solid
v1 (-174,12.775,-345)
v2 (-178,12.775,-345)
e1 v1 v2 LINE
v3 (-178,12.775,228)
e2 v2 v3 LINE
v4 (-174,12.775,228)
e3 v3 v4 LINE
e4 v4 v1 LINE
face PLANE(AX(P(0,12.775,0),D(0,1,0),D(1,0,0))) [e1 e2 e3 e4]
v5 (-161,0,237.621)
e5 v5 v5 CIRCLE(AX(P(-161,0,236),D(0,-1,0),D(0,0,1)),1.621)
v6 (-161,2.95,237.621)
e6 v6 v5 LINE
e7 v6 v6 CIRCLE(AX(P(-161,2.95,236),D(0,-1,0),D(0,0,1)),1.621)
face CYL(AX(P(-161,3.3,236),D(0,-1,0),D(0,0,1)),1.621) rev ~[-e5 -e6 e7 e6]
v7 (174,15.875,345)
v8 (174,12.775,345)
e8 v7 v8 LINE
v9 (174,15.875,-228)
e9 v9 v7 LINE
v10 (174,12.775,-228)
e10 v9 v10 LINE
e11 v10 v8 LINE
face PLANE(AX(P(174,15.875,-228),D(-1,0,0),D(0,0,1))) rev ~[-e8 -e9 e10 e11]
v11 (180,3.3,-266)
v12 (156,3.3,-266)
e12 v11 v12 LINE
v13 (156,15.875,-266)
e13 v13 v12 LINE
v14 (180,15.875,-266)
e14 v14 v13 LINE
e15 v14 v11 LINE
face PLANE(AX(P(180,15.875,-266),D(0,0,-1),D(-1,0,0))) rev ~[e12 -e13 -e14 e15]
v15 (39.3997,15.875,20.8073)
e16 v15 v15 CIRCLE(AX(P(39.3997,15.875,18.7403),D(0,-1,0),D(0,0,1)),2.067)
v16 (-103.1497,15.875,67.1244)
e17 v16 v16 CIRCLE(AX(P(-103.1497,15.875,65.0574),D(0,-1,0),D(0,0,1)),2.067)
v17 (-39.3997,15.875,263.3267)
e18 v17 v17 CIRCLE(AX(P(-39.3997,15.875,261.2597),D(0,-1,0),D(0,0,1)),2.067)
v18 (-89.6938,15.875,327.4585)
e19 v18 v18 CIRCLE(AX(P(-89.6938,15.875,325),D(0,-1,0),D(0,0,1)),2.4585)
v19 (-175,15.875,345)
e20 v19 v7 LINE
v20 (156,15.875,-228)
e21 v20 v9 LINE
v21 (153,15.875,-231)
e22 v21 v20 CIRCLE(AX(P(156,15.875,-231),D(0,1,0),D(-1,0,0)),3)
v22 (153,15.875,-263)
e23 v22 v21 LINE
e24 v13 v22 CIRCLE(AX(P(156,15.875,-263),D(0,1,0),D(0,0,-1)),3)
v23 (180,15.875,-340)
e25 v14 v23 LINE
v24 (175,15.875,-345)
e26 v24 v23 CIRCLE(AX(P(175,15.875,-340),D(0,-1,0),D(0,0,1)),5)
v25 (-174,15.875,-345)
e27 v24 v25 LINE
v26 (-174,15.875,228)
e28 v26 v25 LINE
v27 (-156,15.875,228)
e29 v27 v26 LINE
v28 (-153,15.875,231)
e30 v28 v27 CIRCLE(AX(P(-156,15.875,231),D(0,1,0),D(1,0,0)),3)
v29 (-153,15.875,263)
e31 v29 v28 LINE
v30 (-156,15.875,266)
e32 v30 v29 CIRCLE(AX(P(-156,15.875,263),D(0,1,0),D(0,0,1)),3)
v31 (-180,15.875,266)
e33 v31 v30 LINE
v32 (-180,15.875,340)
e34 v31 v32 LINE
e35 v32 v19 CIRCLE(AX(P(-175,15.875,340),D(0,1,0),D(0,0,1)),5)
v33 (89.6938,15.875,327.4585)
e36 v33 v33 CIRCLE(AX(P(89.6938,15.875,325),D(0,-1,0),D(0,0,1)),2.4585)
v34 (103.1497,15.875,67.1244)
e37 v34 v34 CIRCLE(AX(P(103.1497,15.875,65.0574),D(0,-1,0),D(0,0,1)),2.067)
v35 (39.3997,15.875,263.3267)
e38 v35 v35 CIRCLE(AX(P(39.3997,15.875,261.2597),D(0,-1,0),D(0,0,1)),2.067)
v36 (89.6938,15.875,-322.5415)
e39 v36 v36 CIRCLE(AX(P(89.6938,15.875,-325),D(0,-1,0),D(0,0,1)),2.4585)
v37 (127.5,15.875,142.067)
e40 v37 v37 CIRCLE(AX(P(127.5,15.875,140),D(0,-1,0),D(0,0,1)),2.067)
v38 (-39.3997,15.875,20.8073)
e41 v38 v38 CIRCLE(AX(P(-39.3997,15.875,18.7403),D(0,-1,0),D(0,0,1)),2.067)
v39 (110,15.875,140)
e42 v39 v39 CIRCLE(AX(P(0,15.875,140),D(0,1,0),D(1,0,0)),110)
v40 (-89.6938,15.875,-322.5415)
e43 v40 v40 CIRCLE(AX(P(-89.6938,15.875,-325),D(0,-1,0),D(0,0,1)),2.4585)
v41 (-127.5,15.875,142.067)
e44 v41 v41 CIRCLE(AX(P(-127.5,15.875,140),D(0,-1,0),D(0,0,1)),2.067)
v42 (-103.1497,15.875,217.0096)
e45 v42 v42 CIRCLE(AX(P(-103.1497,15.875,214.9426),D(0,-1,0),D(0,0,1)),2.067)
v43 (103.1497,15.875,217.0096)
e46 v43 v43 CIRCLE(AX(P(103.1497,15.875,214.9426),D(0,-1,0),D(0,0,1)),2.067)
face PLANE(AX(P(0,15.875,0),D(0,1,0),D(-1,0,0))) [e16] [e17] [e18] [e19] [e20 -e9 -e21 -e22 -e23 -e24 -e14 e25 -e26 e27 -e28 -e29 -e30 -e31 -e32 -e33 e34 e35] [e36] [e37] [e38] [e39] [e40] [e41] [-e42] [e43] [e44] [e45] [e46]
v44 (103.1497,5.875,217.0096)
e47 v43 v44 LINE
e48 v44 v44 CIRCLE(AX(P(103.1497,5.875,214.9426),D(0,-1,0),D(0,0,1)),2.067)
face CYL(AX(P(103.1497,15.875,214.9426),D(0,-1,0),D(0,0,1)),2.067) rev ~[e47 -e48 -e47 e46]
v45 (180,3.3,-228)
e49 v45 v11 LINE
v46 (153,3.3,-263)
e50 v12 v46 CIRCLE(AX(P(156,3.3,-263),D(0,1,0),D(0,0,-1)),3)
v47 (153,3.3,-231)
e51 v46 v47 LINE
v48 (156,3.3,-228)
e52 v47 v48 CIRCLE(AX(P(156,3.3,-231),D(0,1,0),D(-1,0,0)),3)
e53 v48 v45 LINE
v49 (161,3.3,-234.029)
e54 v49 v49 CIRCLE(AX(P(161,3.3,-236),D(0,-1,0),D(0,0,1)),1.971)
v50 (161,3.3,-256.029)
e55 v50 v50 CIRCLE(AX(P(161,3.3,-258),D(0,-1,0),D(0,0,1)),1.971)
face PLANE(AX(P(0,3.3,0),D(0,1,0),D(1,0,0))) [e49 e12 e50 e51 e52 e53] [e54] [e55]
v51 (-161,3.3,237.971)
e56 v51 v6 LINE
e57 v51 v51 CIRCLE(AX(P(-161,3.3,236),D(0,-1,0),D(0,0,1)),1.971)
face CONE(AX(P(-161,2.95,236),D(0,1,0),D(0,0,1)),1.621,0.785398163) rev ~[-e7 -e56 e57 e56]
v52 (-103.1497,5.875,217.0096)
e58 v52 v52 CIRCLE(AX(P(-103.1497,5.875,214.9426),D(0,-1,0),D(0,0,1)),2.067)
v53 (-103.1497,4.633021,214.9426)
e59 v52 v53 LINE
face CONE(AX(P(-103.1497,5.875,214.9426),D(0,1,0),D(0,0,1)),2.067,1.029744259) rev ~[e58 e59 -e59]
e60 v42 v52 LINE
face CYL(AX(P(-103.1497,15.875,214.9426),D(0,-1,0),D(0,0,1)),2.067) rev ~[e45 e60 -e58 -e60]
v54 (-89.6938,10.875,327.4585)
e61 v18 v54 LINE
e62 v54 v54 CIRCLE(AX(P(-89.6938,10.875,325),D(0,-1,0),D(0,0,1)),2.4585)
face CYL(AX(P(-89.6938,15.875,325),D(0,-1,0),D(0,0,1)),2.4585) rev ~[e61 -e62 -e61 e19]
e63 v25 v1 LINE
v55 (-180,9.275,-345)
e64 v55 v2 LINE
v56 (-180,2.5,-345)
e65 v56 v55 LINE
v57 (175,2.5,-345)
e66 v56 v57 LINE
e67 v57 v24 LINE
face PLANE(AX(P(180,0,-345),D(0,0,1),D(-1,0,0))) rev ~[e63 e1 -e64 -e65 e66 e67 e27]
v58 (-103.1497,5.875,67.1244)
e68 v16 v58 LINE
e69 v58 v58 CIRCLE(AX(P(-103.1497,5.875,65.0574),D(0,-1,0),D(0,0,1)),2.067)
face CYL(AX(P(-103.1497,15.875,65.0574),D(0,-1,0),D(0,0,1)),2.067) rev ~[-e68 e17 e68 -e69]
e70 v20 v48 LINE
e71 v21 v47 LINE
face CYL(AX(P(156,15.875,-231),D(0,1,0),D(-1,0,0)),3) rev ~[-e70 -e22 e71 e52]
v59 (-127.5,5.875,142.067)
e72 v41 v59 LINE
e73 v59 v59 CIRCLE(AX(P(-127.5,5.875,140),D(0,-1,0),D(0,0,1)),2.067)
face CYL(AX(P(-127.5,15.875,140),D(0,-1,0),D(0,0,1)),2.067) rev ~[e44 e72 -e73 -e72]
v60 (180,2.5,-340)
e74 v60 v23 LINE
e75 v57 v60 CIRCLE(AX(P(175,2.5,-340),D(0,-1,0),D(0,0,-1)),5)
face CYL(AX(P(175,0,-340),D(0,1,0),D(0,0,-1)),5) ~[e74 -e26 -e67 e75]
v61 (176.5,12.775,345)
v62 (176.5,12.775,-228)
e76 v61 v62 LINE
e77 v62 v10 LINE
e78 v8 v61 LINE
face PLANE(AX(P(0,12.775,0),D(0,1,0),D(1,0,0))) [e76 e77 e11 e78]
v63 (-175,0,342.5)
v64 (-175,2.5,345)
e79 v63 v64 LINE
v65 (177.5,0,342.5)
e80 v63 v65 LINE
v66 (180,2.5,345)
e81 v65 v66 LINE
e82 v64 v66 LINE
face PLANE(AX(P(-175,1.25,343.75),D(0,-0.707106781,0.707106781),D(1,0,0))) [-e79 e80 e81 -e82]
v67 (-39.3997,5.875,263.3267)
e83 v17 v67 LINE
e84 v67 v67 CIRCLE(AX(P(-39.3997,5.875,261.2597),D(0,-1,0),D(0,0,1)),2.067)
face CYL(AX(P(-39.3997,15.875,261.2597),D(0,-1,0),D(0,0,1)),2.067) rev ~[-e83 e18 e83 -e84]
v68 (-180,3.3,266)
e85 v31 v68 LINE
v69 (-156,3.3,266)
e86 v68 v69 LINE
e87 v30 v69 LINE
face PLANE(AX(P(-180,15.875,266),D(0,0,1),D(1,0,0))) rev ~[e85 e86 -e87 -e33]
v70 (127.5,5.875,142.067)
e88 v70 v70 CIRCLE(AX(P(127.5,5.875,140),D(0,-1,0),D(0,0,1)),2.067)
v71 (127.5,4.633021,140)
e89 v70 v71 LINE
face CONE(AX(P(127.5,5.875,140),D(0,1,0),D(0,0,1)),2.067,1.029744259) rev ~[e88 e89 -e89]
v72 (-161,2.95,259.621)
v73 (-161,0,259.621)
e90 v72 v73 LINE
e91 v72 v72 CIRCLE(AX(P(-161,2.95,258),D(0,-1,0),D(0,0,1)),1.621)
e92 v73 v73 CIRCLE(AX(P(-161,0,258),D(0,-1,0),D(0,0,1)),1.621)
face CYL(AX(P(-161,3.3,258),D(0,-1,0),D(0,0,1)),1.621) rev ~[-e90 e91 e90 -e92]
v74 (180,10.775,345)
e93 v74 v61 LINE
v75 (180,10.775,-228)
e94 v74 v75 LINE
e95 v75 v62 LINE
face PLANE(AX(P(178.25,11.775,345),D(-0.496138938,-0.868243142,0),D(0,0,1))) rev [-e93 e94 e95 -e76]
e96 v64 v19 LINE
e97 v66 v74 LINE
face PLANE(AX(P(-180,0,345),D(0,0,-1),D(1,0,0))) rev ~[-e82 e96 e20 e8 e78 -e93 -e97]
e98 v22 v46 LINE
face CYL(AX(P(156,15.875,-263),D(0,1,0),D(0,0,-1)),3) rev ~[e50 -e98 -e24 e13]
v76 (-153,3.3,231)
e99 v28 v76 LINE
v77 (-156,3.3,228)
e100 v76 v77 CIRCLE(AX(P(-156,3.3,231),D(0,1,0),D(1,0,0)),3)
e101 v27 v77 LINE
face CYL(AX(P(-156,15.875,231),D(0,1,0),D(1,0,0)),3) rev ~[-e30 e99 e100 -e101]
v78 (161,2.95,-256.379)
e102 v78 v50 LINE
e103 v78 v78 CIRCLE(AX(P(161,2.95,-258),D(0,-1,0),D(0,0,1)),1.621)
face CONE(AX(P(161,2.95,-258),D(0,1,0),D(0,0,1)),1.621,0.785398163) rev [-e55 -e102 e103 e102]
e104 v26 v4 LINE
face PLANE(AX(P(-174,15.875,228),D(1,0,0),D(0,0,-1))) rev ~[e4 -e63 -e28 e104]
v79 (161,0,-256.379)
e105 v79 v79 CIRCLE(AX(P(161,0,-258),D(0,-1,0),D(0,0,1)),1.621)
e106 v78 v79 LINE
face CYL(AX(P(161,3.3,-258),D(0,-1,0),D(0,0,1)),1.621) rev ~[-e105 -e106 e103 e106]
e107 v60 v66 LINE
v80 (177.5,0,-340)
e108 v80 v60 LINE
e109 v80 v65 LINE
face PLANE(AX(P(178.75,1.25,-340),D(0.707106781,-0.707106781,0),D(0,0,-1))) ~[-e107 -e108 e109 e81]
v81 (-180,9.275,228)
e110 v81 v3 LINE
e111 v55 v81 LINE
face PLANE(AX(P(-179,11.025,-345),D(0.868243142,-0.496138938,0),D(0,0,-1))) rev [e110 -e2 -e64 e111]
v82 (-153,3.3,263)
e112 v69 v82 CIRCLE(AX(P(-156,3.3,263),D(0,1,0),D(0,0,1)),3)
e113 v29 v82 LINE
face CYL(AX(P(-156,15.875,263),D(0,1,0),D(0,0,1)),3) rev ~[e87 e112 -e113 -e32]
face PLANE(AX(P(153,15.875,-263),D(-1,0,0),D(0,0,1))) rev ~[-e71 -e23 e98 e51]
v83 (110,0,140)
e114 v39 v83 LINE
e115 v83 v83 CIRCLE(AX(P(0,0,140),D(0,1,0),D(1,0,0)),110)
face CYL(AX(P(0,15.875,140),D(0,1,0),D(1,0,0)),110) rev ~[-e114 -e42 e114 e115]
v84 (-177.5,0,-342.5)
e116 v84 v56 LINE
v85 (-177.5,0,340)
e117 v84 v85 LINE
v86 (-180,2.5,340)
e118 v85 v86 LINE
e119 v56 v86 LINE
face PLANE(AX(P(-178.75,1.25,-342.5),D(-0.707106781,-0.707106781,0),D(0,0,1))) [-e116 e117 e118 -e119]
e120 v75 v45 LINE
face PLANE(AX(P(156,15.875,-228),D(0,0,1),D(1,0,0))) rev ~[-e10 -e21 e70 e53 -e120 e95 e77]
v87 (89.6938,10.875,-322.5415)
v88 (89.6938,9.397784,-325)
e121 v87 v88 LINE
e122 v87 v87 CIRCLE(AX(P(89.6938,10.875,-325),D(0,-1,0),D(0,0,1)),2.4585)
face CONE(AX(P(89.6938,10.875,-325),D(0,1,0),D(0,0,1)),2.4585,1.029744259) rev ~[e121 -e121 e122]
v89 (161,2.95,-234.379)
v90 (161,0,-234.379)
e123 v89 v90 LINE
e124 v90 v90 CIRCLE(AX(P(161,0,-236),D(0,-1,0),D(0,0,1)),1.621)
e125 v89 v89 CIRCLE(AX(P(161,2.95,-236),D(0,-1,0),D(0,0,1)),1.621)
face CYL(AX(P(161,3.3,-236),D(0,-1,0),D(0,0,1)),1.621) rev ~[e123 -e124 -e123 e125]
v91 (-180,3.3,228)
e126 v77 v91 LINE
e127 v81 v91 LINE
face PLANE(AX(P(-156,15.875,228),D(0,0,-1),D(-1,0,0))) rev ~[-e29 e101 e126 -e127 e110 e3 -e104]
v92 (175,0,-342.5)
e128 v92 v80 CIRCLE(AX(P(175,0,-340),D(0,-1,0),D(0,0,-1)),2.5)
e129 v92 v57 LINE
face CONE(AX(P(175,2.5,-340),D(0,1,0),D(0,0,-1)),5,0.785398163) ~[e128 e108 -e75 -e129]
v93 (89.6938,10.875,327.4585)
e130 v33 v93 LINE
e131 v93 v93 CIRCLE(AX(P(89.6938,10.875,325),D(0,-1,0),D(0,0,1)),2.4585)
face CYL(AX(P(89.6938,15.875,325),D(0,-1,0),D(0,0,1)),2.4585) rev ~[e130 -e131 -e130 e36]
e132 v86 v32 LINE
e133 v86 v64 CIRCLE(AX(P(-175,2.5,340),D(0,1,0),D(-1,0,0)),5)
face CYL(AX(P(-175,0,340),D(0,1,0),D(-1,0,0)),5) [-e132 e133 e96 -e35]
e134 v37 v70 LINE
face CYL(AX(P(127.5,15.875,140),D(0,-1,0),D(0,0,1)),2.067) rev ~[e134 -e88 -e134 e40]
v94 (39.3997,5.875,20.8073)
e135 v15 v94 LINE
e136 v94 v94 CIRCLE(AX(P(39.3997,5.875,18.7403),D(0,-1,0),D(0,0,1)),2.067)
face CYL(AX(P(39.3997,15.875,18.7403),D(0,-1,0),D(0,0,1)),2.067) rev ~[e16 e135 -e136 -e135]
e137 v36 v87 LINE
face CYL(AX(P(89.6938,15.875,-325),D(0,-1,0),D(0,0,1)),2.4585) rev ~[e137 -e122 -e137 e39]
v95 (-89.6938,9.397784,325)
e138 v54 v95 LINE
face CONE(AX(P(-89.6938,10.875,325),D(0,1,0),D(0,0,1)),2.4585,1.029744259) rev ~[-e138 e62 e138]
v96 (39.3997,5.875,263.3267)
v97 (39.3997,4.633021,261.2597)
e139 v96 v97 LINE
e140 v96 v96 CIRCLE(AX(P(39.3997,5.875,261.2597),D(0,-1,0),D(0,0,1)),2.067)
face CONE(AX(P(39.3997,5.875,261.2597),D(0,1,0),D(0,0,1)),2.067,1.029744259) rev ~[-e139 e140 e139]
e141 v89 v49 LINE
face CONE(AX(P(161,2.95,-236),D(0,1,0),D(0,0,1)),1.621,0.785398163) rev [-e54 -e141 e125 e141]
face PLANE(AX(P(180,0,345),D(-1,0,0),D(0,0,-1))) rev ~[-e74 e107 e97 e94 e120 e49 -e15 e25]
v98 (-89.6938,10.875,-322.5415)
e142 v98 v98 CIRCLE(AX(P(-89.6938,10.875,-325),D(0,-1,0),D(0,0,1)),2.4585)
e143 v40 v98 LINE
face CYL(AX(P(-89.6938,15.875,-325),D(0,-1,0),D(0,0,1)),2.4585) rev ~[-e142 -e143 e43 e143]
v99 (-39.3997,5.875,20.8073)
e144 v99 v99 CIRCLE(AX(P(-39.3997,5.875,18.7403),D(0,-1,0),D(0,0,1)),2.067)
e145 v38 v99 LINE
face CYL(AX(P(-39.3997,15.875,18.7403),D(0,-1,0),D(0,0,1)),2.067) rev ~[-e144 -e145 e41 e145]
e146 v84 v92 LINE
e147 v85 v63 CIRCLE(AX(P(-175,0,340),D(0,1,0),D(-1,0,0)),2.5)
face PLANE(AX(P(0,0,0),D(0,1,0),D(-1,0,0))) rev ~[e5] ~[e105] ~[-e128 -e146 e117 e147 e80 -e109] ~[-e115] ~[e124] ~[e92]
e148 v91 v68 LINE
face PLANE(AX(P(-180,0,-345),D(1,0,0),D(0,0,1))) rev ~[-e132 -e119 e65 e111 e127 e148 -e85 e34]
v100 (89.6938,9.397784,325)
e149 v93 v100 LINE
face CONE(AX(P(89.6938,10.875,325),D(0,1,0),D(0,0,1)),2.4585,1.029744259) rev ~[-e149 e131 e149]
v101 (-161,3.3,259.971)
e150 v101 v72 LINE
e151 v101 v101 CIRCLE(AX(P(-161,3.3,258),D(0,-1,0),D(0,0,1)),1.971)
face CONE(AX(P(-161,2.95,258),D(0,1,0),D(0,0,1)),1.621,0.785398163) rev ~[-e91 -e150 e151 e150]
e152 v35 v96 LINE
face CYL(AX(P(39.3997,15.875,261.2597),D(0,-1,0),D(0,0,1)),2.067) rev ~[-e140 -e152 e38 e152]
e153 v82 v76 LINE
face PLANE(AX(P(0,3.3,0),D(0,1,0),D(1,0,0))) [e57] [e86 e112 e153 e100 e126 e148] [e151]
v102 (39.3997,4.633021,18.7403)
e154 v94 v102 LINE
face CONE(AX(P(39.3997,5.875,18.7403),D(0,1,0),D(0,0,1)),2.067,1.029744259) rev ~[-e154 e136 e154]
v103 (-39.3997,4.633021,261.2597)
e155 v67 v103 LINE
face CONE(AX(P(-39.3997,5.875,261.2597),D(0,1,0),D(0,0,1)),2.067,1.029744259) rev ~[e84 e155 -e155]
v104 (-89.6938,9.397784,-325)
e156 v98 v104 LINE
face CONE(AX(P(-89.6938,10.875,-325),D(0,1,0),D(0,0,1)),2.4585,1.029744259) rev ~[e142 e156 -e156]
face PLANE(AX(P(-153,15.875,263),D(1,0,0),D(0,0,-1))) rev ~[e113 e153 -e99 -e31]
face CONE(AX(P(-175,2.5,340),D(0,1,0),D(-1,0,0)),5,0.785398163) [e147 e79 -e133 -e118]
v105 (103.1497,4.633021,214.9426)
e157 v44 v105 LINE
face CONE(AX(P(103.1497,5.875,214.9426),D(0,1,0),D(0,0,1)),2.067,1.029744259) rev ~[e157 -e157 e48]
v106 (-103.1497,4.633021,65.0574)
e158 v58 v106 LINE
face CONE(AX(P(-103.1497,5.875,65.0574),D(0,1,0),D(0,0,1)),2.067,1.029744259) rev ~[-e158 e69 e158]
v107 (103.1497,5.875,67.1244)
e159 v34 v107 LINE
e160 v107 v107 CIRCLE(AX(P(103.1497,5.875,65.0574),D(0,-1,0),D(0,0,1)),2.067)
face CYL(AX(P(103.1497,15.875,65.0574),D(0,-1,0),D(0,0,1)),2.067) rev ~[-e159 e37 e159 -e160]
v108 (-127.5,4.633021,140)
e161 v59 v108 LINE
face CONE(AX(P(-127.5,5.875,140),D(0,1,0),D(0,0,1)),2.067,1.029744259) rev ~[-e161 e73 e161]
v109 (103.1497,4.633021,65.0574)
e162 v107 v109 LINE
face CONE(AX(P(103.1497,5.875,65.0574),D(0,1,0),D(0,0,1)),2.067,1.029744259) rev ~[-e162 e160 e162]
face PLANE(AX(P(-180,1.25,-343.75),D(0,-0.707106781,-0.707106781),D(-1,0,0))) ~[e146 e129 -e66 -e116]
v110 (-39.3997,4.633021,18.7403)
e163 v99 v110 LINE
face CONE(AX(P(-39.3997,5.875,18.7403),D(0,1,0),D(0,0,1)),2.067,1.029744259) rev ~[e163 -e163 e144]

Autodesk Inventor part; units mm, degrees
ref_plane "YZ Plane" through (0, 0, 0) normal (1, 0, 0) x (0, 1, 0)
sketch "Sketch1" plane through (0, 0, 0) normal (0, 1, 0) x (-1, 0, 0)
  line L0 (180, 345) -> (-180, 345)
  line L1 (-180, 345) -> (-180, -345)
  line L2 (-180, -345) -> (180, -345)
  line L3 (180, -345) -> (180, 345)
  line L4 (180, 345) -> (-180, -345) construction
  line L5 (-180, 345) -> (180, -345) construction
  point P0 (0, 0)
  dimension "d0" = 360
  dimension "d1" = 690
extrude "Extrusion1" add sketch "Sketch1" along normal blind 15.875
sketch "Sketch2" plane through (0, 15.875, 0) normal (0, 1, 0) x (1, 0, 0)
  circle A0 centre (0, -140) radius 110
  line L0 (-180, -345) -> (180, -345) projected
  circle A1 centre (0, -140) radius 135
  point P0 (0, 0)
  dimension "d4" = 205
  dimension "d5" = 220
  dimension "d8" = 270
extrude "Extrusion2" cut sketch "Sketch2" against normal through all contours A0
ref_plane "Work Plane1" through (0, 0, 150) normal (0, 0, 1) x (1, 0, 0)
sketch "Sketch6" plane through (0, 15.875, 0) normal (0, 1, 0) x (1, 0, 0)
  line L0 (89.6938, -325) -> (-89.6938, -325)
  line L1 (-89.6938, -325) -> (-89.6938, 325)
  line L2 (-89.6938, 325) -> (89.6938, 325)
  line L3 (89.6938, 325) -> (89.6938, -325)
  line L4 (89.6938, -325) -> (-89.6938, 325) construction
  line L5 (-89.6938, -325) -> (89.6938, 325) construction
  point P0 (0, 0)
  dimension "d55" = 179.3875
  dimension "d56" = 650
hole "Hole3" at (89.6938, 15.875, 325) at (-89.6938, 15.875, 325) at (-89.6938, 15.875, -325) at (89.6938, 15.875, -325) direction (0, -1, 0) diameter 4.917 depth 5 tip angle 118 thread size "M6x1" class "6H" standard "ANSI Metric M Profile"
sketch "Sketch7" plane through (0, 15.875, 0) normal (0, 1, 0) x (1, 0, 0)
  circle A0 centre (0, -140) radius 110 projected
  circle A1 centre (0, -140) radius 131.5
  circle A2 centre (0, -140) radius 135
  point P0 (0, 0)
  dimension "d64" = 263
  dimension "d65" = 270
ref_plane "Work Plane2" through (0, 15.875, 140) normal (0, 1, 0) x (1, 0, 0)
sketch "Sketch8" plane through (0, 15.875, 140) normal (0, 1, 0) x (1, 0, 0)
  circle A0 centre (0, 0) radius 131.5 projected
  circle A1 centre (0, 0) radius 127.5
  circle A2 centre (127.5, 0) radius 2
  circle A3 centre (103.1497, 74.9426) radius 2
  circle A4 centre (39.3997, 121.2597) radius 2
  circle A5 centre (-39.3997, 121.2597) radius 2
  circle A6 centre (-103.1497, 74.9426) radius 2
  circle A7 centre (-127.5, 0) radius 2
  circle A8 centre (-103.1497, -74.9426) radius 2
  circle A9 centre (-39.3997, -121.2597) radius 2
  circle A10 centre (39.3997, -121.2597) radius 2
  circle A11 centre (103.1497, -74.9426) radius 2
  point P0 (0, 140)
  dimension "d68" = 255
  dimension "d69" = 4
  dimension "d72" = 360
hole "Hole4" at (127.5, 15.875, 140) at (103.1497, 15.875, 214.9426) at (39.3997, 15.875, 261.2597) at (-39.3997, 15.875, 261.2597) at (-103.1497, 15.875, 214.9426) at (-127.5, 15.875, 140) at (-103.1497, 15.875, 65.0574) at (-39.3997, 15.875, 18.7403) at (39.3997, 15.875, 18.7403) at (103.1497, 15.875, 65.0574) direction (0, -1, 0) diameter 4.134 depth 10 tip angle 118 thread size "M5x0.8" class "6H" standard "ANSI Metric M Profile"
sketch "Sketch9" plane through (0, 15.875, 0) normal (0, 1, 0) x (1, 0, 0)
  line L0 (180, -345) -> (180, 345) projected
  line L1 (180, 266) -> (156, 266)
  line L2 (153, 263) -> (153, 231)
  line L3 (156, 228) -> (180, 228)
  line L4 (180, 228) -> (180, 266)
  line L5 (-180, 345) -> (-180, -345) projected
  line L6 (-180, -266) -> (-156, -266)
  line L7 (-153, -263) -> (-153, -231)
  line L8 (-156, -228) -> (-180, -228)
  line L9 (-180, -228) -> (-180, -266)
  line L10 (180, 345) -> (-180, 345) projected
  line L11 (-180, -345) -> (180, -345) projected
  arc A0 (153, 231) -> (156, 228) centre (156, 231) ccw
  arc A1 (156, 266) -> (153, 263) centre (156, 263) ccw
  arc A2 (-156, -266) -> (-153, -263) centre (-156, -263) ccw
  arc A3 (-153, -231) -> (-156, -228) centre (-156, -231) ccw
  point P0 (0, 0)
  point P1 (153, 228)
  point P2 (153, 266)
  point P3 (-153, -228)
  point P4 (-153, -266)
  dimension "d82" = 27
  dimension "d83" = 27
  dimension "d84" = 38
  dimension "d85" = 38
  dimension "d86" = 79
  dimension "d87" = 79
  dimension "d95" = 3
  dimension "d96" = 3
fillet "Fillet2" radius 5 2 edges at (180, 7.9375, -345) (-180, 7.9375, 345)
extrude "Extrusion7" cut sketch "Sketch9" against normal blind 12.575 contours L3 A0 L2 A1 L1 L0 | L5 L8 A3 L7 A2 L6
sketch "Sketch10" plane through (0, 15.875, 0) normal (0, 1, 0) x (1, 0, 0)
  line L0 (-180, -266) -> (-180, -228) projected
  line L1 (175, 345) -> (-180, 345) projected
  line L2 (-180, -228) -> (-174, -228)
  line L3 (-174, -228) -> (-174, 345)
  line L4 (-174, 345) -> (-180, 345)
  line L5 (-180, 345) -> (-180, -228)
  line L6 (180, 228) -> (156, 228) projected
  line L7 (-175, -345) -> (180, -345) projected
  line L8 (180, 228) -> (174, 228)
  line L9 (174, 228) -> (174, -345)
  line L10 (174, -345) -> (180, -345)
  line L11 (180, -345) -> (180, 228)
  point P0 (0, 0)
  point P1 (180, -345)
  dimension "d99" = 6
  dimension "d100" = 6
extrude "Extrusion8" cut sketch "Sketch10" against normal blind 3.1
chamfer "Chamfer3" distance 2 distance2 3.5 1 edges at (180, 12.775, 58.5) measured on face at (180, 5.3583, 154)
chamfer "Chamfer4" distance 3.5 distance2 2 1 edges at (-180, 12.775, -58.5) measured on face at (-180, 5.3583, -154)
sketch "Sketch11" plane through (0, 3.3, 0) normal (0, 1, 0) x (1, 0, 0)
  circle A0 centre (-161, -236) radius 1.65
  circle A1 centre (-161, -258) radius 1.65
  circle A2 centre (161, 258) radius 1.65
  circle A3 centre (161, 236) radius 1.65
  line L0 (-180, -266) -> (-180, -228) projected
  line L1 (-156, -266) -> (-180, -266) projected
  line L2 (174, 228) -> (156, 228) projected
  line L3 (180, 266) -> (180, 228) projected
  point P0 (0, 0)
  dimension "d109" = 19
  dimension "d110" = 8
  dimension "d111" = 22
  dimension "d112" = 19
  dimension "d113" = 3.3
  dimension "d114" = 3.3
  dimension "d115" = 3.3
  dimension "d116" = 3.3
  dimension "d118" = 8
  dimension "d119" = 22
  dimension "d120" = 19
  dimension "d121" = 19
hole "Hole5" at (-161, 3.3, 258) at (-161, 3.3, 236) at (161, 3.3, -236) at (161, 3.3, -258) direction (0, -1, 0) diameter 3.242 end through all thread size "M4x0.7" class "6H" standard "ANSI Metric M Profile"
chamfer "Chamfer5" distance 0.35 angle 45 4 edges at (-161, 3.3, 256.379) (-161, 3.3, 234.379) (161, 3.3, -259.621) (161, 3.3, -237.621)
chamfer "Chamfer6" distance 2.5 angle 45 3 edges at (178.5355, 0, -343.5355) (-2.5, 0, -345) (180, 0, 2.5)
chamfer "Chamfer7" distance 2.5 angle 45 3 edges at (-178.5355, 0, 343.5355) (1.25, 0, 345) (-180, 0, -1.25)
properties part number "Updated Cover"
